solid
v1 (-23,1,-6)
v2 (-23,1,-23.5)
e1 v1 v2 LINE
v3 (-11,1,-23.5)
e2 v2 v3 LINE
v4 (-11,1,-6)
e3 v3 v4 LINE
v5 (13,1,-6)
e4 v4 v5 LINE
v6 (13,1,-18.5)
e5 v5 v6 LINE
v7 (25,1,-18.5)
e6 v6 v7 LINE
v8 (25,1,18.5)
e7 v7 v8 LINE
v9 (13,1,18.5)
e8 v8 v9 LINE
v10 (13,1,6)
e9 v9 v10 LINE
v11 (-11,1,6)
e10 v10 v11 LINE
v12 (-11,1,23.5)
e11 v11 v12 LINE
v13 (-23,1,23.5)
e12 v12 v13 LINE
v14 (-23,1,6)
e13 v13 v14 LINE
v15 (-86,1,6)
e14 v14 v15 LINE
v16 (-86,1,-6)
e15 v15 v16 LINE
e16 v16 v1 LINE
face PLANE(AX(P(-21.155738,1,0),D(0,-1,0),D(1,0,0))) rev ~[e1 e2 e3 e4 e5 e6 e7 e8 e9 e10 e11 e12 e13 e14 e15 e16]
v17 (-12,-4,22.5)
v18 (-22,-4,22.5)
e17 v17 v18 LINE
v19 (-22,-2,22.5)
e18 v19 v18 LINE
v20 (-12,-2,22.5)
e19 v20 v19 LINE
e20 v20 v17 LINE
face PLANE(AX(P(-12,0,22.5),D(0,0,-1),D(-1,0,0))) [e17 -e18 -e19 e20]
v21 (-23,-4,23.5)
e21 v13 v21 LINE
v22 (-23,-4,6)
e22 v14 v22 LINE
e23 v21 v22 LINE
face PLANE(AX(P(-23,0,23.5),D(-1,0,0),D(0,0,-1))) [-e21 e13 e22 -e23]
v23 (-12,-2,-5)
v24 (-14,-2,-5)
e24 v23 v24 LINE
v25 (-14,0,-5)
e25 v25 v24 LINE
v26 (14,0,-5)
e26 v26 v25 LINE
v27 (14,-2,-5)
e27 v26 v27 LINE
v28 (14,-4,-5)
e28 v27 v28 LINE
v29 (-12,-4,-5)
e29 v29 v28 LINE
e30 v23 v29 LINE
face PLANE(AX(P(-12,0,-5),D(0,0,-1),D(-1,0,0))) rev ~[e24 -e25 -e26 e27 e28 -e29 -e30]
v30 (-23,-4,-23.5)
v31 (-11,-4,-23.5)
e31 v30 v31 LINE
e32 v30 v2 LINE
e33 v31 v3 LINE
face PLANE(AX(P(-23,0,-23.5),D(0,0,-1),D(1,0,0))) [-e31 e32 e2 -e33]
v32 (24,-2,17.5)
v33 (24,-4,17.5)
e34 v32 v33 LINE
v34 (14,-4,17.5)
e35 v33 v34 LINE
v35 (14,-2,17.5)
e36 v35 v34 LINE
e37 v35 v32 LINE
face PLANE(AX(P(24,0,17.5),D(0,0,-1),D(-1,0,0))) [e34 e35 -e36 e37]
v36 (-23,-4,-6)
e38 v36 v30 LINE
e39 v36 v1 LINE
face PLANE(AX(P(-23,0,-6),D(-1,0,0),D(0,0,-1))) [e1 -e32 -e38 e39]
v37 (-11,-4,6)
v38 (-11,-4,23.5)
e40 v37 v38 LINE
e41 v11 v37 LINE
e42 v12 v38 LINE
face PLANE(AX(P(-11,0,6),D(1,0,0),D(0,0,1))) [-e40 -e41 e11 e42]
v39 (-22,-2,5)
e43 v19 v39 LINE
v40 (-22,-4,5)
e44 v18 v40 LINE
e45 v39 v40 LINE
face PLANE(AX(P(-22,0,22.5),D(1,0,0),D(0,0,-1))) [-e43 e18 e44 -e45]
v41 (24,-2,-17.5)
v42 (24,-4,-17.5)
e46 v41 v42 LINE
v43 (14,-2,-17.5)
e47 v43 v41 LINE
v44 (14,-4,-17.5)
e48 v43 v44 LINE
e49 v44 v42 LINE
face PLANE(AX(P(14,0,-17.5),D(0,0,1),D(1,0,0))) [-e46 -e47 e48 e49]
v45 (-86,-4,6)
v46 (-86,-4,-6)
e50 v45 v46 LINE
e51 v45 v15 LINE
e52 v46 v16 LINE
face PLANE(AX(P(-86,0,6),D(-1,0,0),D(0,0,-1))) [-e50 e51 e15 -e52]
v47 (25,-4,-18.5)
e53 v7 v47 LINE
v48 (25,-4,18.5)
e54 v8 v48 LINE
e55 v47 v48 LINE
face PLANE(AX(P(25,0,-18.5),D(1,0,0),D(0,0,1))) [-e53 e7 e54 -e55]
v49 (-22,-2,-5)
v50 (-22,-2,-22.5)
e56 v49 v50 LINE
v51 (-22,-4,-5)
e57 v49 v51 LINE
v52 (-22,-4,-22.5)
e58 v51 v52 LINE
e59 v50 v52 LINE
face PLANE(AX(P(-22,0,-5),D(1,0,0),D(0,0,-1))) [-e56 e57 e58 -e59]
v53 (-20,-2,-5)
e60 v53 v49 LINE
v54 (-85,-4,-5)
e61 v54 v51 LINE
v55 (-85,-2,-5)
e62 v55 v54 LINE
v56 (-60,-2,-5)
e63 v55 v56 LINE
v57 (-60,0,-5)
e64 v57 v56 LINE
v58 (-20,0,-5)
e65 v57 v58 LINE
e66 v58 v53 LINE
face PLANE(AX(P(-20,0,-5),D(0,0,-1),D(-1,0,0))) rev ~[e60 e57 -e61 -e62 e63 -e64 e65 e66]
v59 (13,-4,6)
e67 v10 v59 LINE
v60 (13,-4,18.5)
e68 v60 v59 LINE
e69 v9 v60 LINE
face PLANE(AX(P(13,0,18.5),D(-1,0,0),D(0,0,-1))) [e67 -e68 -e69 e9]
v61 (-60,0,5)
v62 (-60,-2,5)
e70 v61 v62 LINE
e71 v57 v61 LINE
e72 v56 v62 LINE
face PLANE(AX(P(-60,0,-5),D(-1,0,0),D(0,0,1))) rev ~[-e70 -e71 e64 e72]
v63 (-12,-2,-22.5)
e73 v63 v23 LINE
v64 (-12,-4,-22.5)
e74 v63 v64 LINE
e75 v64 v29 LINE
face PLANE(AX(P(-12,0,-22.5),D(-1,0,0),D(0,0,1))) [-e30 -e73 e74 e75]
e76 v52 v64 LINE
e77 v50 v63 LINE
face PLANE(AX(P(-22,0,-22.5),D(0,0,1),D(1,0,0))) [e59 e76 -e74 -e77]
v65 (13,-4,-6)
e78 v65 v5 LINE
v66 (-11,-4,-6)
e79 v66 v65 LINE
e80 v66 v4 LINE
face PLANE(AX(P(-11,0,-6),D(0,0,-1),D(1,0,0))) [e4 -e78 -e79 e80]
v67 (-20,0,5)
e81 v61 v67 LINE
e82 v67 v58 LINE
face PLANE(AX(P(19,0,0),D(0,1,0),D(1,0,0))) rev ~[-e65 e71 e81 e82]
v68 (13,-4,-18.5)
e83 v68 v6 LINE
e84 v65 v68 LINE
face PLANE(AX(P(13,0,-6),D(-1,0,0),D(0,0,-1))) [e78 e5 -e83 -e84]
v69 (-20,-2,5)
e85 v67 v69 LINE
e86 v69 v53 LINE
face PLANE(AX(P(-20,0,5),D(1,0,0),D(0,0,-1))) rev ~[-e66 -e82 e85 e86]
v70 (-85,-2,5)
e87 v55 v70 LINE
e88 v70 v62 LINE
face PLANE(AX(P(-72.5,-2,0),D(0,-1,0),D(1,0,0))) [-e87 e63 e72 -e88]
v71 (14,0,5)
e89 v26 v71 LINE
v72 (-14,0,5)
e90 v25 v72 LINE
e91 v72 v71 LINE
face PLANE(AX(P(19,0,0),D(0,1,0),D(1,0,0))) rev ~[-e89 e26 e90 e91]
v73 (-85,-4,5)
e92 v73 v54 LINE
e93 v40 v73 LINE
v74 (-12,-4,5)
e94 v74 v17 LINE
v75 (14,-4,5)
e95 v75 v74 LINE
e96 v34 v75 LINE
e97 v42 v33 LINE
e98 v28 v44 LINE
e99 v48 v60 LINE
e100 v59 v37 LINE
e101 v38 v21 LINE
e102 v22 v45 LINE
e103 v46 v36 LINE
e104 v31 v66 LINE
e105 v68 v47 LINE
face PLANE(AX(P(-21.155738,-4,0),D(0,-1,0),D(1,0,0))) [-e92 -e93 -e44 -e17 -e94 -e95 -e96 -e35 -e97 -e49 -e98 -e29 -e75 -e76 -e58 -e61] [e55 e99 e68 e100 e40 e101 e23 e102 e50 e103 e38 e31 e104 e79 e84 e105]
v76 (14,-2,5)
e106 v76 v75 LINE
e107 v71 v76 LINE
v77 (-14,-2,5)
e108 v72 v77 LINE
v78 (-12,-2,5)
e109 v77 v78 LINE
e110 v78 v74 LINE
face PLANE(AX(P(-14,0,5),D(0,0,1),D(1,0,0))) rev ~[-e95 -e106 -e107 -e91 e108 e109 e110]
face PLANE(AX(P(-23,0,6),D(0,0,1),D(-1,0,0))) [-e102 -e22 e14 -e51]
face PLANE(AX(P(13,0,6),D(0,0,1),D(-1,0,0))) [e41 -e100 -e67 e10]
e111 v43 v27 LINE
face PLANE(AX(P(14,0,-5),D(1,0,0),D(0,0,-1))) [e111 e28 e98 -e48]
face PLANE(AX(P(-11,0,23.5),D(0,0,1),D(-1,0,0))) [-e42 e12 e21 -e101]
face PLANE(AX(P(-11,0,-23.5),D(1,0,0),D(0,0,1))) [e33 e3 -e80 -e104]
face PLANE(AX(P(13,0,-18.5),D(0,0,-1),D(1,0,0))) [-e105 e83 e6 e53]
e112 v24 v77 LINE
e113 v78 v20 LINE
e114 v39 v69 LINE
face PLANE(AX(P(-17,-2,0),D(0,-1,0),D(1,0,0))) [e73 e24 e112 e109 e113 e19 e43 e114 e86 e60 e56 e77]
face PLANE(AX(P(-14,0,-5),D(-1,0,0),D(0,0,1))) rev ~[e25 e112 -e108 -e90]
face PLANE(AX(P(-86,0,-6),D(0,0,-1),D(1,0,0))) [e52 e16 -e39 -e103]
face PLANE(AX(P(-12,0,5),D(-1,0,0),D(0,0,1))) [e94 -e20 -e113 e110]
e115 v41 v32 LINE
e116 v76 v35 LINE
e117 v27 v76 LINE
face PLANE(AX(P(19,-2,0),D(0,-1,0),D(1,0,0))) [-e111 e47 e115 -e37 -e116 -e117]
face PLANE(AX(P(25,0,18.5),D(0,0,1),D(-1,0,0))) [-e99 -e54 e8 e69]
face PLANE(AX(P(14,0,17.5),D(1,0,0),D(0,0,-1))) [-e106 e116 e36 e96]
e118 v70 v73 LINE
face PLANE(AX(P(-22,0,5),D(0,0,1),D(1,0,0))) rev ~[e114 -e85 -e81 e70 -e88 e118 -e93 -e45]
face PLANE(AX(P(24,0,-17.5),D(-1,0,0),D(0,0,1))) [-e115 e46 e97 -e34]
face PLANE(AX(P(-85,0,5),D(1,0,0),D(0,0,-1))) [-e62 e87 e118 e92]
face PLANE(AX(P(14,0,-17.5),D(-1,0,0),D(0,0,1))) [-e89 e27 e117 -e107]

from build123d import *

# Parameters (mm, degrees)
SKETCH_3_W           = 10
SKETCH_3_H           = 35
SKETCH_3_W_2         = 26
SKETCH_3_H_2         = 10
SKETCH_3_W_3         = 38
SKETCH_3_W_4         = 25
EXTRUDE_1_DEPTH      = 1
EXTRUDE_2_DEPTH      = 4
EXTRUDE_2_DEPTH_BACK = 1
SKETCH_5_W           = 25
SKETCH_5_H           = 10
SKETCH_5_W_2         = 10
SKETCH_5_H_2         = 35
EXTRUDE_3_DEPTH      = 2


with BuildPart() as part:
    # 草图3 → 凸台-拉伸1 (new body)
    with BuildSketch(Plane(origin=(0, 0, 0), x_dir=(1, 0, 0), z_dir=(0, 1, 0))):
        with Locations((19, 0)):
            Rectangle(SKETCH_3_W, SKETCH_3_H)
        with Locations((1, 0)):
            Rectangle(SKETCH_3_W_2, SKETCH_3_H_2)
        Polygon((-12, -5), (-12, 5), (-12, 22.5), (-22, 22.5), (-22, 5), (-22, -5), (-22, -22.5), (-12, -22.5), align=None)
        with Locations((-41, 0)):
            Rectangle(SKETCH_3_W_3, SKETCH_3_H_2)
        with Locations((-72.5, 0)):
            Rectangle(SKETCH_3_W_4, SKETCH_3_H_2)
    extrude(amount=EXTRUDE_1_DEPTH)

    # 草图4 → 凸台-拉伸2 (add, two sides)
    with BuildSketch(Plane.XZ) as extrude_2_sk:
        Polygon((13, -18.5), (25, -18.5), (25, 18.5), (13, 18.5), (13, 6), (-11, 6), (-11, 23.5), (-23, 23.5), (-23, 6), (-86, 6), (-86, -6), (-23, -6), (-23, -23.5), (-11, -23.5), (-11, -6), (13, -6), align=None)
        Polygon((14, -17.5), (24, -17.5), (24, 17.5), (14, 17.5), (14, 5), (-12, 5), (-12, 22.5), (-22, 22.5), (-22, 5), (-85, 5), (-85, -5), (-22, -5), (-22, -22.5), (-12, -22.5), (-12, -5), (14, -5), align=None, mode=Mode.SUBTRACT)
    extrude(amount=EXTRUDE_2_DEPTH)
    extrude(extrude_2_sk.sketch, amount=-EXTRUDE_2_DEPTH_BACK)

    # 草图5 → 凸台-拉伸3 (add)
    with BuildSketch(Plane.XZ):
        Polygon((-22, 22.5), (-22, 5), (-20, 5), (-20, -5), (-22, -5), (-22, -22.5), (-12, -22.5), (-12, -5), (-14, -5), (-14, 5), (-12, 5), (-12, 22.5), align=None)
        with Locations((-72.5, 0)):
            Rectangle(SKETCH_5_W, SKETCH_5_H)
        with Locations((19, 0)):
            Rectangle(SKETCH_5_W_2, SKETCH_5_H_2)
    extrude(amount=EXTRUDE_3_DEPTH)


solid = part.part
